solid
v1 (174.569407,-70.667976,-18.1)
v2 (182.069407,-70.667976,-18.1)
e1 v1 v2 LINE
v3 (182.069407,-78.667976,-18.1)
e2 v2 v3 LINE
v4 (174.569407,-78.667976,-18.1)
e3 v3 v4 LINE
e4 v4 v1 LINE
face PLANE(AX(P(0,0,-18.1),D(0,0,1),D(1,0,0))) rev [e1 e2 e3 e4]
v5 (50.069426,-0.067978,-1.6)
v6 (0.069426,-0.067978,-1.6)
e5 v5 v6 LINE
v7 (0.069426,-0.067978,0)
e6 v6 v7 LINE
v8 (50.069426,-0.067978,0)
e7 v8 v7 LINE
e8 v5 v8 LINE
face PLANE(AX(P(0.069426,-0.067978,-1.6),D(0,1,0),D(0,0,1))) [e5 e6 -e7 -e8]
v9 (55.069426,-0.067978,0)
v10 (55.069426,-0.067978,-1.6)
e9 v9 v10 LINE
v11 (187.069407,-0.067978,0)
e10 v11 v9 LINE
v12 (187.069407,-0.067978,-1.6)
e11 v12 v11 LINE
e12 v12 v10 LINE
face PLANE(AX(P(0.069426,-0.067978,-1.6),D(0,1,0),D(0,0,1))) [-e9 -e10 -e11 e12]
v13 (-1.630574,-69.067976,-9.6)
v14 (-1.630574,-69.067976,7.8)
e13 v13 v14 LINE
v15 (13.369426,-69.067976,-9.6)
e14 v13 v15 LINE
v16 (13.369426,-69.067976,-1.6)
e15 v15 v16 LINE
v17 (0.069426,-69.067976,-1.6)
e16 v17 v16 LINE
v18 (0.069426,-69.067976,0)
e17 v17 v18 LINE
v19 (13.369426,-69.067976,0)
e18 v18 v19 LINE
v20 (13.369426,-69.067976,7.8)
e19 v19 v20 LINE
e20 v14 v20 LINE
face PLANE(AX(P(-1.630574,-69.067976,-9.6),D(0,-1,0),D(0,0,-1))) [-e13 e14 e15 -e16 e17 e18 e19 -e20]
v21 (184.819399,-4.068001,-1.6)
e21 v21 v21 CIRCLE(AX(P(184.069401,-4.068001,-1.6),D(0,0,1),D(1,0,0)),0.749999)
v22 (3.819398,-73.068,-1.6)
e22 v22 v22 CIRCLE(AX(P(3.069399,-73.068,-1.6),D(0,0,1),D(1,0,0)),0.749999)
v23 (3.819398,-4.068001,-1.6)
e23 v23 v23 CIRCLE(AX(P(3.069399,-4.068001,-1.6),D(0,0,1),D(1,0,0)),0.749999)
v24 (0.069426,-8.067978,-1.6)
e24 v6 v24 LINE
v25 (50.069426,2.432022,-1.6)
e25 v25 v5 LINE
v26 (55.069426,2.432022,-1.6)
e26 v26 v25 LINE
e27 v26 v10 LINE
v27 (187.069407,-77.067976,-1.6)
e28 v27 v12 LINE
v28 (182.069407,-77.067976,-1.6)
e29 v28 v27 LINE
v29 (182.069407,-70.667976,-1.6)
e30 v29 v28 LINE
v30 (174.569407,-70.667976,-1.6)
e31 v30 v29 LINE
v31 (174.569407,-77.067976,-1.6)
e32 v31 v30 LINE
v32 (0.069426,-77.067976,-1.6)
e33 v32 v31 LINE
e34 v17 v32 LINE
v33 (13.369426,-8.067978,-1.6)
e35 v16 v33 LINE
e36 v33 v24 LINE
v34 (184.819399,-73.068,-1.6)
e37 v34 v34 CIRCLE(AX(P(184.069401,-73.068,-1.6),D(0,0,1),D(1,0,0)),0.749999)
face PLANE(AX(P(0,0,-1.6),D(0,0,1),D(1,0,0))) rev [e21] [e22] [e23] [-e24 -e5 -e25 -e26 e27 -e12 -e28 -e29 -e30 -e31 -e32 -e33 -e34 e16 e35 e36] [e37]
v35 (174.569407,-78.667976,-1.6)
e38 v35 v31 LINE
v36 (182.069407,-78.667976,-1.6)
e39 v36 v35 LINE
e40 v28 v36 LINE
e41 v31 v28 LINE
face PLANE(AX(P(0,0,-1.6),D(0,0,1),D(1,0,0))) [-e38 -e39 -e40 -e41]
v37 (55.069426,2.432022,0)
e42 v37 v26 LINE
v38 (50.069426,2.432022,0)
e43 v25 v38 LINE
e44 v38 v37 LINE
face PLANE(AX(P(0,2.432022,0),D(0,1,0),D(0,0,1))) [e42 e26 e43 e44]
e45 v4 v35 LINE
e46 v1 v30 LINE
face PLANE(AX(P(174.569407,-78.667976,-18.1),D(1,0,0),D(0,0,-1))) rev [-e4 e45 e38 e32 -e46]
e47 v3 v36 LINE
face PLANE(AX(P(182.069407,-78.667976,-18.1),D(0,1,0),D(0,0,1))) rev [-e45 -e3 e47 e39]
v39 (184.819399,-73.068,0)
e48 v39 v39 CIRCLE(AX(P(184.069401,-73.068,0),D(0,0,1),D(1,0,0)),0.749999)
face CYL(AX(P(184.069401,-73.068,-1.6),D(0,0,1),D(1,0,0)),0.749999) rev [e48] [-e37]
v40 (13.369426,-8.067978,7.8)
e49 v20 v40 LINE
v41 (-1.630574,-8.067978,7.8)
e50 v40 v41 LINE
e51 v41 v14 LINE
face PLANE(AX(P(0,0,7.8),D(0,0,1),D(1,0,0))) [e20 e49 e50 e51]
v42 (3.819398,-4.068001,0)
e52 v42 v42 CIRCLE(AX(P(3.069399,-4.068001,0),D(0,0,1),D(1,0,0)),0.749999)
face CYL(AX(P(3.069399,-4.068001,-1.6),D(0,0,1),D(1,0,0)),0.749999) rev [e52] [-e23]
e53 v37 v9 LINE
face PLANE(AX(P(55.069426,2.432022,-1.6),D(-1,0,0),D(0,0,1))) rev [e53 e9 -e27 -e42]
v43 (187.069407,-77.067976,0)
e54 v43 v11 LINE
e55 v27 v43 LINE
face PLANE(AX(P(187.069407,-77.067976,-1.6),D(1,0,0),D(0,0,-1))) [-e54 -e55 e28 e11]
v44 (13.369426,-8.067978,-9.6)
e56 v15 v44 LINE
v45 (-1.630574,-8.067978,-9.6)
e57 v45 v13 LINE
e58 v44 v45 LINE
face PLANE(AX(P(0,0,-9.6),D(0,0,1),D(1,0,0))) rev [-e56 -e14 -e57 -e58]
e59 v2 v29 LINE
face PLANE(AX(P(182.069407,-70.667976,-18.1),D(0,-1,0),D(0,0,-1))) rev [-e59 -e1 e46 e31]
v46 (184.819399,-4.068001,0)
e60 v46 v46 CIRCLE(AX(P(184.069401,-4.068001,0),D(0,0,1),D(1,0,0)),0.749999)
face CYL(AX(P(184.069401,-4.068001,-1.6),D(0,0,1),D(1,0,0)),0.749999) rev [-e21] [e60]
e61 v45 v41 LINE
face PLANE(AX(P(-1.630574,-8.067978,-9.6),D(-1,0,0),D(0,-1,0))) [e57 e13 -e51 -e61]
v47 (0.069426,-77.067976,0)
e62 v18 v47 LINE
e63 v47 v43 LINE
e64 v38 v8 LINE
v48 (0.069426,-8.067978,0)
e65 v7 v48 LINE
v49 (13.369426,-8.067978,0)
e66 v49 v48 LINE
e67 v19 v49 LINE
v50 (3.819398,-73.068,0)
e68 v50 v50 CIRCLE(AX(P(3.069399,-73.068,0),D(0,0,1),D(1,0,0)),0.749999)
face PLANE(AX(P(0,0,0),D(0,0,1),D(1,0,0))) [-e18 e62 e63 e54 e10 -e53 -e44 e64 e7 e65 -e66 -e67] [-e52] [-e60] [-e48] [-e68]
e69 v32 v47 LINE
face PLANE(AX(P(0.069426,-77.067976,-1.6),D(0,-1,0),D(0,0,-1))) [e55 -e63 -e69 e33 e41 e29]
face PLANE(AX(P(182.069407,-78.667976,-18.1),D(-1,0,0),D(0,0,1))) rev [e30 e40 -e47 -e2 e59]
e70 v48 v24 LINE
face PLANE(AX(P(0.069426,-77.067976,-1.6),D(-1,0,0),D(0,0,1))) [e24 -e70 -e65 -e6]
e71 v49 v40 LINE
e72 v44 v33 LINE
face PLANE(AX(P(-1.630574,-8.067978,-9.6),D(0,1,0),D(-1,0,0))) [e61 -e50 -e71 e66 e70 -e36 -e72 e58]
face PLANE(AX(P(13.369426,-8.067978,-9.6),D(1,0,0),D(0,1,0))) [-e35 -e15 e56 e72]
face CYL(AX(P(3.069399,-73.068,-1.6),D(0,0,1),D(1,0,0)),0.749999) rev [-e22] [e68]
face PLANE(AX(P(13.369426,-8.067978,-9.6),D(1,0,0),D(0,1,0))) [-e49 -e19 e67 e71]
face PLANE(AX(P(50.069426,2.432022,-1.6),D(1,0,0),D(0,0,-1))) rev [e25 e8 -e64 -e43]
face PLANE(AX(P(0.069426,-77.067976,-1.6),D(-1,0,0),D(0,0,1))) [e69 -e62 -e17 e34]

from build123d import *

# Parameters (mm, degrees)
KEEPOUTLAYER_W       = 186.9999816
KEEPOUTLAYER_H       = 76.9999984
EXTRUDE_1_DEPTH      = 1.6
VIAHOLELAYER_R       = 0.7499985
CUT_EXTRUDE_1_DEPTH  = 203.32893066
EXTRUDE_2_DEPTH      = 7.8
EXTRUDE_2_DEPTH_BACK = 9.6
SKETCH_1_W           = 15
SKETCH_1_H           = 60.9999984
SKETCH_2_W           = 5
SKETCH_2_H           = 1.6
EXTRUDE_3_DEPTH      = 2.5
SKETCH_4_W           = 7.5
SKETCH_4_H           = 8
EXTRUDE_4_DEPTH      = 16.5


with BuildPart() as part:
    # KeepOutLayer → Бобышка-Вытянуть1 (new body)
    with BuildSketch(Plane.XY):
        with Locations((93.56941662, -38.56797722)):
            Rectangle(KEEPOUTLAYER_W, KEEPOUTLAYER_H)
    extrude(amount=-EXTRUDE_1_DEPTH)

    # ViaHoleLayer → Вырез-Вытянуть1 (cut, through all)
    with BuildSketch(Plane.XY):
        with Locations((3.0693995, -73.06799966)):
            Circle(VIAHOLELAYER_R)
        with Locations((3.0693995, -4.0680005)):
            Circle(VIAHOLELAYER_R)
        with Locations((184.06940072, -73.06799966)):
            Circle(VIAHOLELAYER_R)
        with Locations((184.06940072, -4.0680005)):
            Circle(VIAHOLELAYER_R)
    extrude(amount=-CUT_EXTRUDE_1_DEPTH, mode=Mode.SUBTRACT)

    # Эскиз1 → Бобышка-Вытянуть2 (add, two sides: drawn at the far end of the back side and taken through both)
    with BuildSketch(Plane.XY.offset(-EXTRUDE_2_DEPTH_BACK)):
        with Locations((5.86942582, -38.56797722)):
            Rectangle(SKETCH_1_W, SKETCH_1_H)
    extrude(amount=EXTRUDE_2_DEPTH + EXTRUDE_2_DEPTH_BACK)

    # Эскиз2 → Бобышка-Вытянуть3 (add)
    with BuildSketch(Plane(origin=(0, -0.06797802, 0), x_dir=(1, 0, 0), z_dir=(0, 1, 0))):
        with Locations((52.56942582, 0.8)):
            Rectangle(SKETCH_2_W, SKETCH_2_H)
    extrude(amount=EXTRUDE_3_DEPTH)

    # Эскиз4 → Бобышка-Вытянуть4 (add)
    with BuildSketch(Plane(origin=(0, 0, -1.6), x_dir=(-1, 0, 0), z_dir=(0, 0, -1))):
        with Locations((-178.31940742, -74.66797642)):
            Rectangle(SKETCH_4_W, SKETCH_4_H)
    extrude(amount=EXTRUDE_4_DEPTH)


solid = part.part
